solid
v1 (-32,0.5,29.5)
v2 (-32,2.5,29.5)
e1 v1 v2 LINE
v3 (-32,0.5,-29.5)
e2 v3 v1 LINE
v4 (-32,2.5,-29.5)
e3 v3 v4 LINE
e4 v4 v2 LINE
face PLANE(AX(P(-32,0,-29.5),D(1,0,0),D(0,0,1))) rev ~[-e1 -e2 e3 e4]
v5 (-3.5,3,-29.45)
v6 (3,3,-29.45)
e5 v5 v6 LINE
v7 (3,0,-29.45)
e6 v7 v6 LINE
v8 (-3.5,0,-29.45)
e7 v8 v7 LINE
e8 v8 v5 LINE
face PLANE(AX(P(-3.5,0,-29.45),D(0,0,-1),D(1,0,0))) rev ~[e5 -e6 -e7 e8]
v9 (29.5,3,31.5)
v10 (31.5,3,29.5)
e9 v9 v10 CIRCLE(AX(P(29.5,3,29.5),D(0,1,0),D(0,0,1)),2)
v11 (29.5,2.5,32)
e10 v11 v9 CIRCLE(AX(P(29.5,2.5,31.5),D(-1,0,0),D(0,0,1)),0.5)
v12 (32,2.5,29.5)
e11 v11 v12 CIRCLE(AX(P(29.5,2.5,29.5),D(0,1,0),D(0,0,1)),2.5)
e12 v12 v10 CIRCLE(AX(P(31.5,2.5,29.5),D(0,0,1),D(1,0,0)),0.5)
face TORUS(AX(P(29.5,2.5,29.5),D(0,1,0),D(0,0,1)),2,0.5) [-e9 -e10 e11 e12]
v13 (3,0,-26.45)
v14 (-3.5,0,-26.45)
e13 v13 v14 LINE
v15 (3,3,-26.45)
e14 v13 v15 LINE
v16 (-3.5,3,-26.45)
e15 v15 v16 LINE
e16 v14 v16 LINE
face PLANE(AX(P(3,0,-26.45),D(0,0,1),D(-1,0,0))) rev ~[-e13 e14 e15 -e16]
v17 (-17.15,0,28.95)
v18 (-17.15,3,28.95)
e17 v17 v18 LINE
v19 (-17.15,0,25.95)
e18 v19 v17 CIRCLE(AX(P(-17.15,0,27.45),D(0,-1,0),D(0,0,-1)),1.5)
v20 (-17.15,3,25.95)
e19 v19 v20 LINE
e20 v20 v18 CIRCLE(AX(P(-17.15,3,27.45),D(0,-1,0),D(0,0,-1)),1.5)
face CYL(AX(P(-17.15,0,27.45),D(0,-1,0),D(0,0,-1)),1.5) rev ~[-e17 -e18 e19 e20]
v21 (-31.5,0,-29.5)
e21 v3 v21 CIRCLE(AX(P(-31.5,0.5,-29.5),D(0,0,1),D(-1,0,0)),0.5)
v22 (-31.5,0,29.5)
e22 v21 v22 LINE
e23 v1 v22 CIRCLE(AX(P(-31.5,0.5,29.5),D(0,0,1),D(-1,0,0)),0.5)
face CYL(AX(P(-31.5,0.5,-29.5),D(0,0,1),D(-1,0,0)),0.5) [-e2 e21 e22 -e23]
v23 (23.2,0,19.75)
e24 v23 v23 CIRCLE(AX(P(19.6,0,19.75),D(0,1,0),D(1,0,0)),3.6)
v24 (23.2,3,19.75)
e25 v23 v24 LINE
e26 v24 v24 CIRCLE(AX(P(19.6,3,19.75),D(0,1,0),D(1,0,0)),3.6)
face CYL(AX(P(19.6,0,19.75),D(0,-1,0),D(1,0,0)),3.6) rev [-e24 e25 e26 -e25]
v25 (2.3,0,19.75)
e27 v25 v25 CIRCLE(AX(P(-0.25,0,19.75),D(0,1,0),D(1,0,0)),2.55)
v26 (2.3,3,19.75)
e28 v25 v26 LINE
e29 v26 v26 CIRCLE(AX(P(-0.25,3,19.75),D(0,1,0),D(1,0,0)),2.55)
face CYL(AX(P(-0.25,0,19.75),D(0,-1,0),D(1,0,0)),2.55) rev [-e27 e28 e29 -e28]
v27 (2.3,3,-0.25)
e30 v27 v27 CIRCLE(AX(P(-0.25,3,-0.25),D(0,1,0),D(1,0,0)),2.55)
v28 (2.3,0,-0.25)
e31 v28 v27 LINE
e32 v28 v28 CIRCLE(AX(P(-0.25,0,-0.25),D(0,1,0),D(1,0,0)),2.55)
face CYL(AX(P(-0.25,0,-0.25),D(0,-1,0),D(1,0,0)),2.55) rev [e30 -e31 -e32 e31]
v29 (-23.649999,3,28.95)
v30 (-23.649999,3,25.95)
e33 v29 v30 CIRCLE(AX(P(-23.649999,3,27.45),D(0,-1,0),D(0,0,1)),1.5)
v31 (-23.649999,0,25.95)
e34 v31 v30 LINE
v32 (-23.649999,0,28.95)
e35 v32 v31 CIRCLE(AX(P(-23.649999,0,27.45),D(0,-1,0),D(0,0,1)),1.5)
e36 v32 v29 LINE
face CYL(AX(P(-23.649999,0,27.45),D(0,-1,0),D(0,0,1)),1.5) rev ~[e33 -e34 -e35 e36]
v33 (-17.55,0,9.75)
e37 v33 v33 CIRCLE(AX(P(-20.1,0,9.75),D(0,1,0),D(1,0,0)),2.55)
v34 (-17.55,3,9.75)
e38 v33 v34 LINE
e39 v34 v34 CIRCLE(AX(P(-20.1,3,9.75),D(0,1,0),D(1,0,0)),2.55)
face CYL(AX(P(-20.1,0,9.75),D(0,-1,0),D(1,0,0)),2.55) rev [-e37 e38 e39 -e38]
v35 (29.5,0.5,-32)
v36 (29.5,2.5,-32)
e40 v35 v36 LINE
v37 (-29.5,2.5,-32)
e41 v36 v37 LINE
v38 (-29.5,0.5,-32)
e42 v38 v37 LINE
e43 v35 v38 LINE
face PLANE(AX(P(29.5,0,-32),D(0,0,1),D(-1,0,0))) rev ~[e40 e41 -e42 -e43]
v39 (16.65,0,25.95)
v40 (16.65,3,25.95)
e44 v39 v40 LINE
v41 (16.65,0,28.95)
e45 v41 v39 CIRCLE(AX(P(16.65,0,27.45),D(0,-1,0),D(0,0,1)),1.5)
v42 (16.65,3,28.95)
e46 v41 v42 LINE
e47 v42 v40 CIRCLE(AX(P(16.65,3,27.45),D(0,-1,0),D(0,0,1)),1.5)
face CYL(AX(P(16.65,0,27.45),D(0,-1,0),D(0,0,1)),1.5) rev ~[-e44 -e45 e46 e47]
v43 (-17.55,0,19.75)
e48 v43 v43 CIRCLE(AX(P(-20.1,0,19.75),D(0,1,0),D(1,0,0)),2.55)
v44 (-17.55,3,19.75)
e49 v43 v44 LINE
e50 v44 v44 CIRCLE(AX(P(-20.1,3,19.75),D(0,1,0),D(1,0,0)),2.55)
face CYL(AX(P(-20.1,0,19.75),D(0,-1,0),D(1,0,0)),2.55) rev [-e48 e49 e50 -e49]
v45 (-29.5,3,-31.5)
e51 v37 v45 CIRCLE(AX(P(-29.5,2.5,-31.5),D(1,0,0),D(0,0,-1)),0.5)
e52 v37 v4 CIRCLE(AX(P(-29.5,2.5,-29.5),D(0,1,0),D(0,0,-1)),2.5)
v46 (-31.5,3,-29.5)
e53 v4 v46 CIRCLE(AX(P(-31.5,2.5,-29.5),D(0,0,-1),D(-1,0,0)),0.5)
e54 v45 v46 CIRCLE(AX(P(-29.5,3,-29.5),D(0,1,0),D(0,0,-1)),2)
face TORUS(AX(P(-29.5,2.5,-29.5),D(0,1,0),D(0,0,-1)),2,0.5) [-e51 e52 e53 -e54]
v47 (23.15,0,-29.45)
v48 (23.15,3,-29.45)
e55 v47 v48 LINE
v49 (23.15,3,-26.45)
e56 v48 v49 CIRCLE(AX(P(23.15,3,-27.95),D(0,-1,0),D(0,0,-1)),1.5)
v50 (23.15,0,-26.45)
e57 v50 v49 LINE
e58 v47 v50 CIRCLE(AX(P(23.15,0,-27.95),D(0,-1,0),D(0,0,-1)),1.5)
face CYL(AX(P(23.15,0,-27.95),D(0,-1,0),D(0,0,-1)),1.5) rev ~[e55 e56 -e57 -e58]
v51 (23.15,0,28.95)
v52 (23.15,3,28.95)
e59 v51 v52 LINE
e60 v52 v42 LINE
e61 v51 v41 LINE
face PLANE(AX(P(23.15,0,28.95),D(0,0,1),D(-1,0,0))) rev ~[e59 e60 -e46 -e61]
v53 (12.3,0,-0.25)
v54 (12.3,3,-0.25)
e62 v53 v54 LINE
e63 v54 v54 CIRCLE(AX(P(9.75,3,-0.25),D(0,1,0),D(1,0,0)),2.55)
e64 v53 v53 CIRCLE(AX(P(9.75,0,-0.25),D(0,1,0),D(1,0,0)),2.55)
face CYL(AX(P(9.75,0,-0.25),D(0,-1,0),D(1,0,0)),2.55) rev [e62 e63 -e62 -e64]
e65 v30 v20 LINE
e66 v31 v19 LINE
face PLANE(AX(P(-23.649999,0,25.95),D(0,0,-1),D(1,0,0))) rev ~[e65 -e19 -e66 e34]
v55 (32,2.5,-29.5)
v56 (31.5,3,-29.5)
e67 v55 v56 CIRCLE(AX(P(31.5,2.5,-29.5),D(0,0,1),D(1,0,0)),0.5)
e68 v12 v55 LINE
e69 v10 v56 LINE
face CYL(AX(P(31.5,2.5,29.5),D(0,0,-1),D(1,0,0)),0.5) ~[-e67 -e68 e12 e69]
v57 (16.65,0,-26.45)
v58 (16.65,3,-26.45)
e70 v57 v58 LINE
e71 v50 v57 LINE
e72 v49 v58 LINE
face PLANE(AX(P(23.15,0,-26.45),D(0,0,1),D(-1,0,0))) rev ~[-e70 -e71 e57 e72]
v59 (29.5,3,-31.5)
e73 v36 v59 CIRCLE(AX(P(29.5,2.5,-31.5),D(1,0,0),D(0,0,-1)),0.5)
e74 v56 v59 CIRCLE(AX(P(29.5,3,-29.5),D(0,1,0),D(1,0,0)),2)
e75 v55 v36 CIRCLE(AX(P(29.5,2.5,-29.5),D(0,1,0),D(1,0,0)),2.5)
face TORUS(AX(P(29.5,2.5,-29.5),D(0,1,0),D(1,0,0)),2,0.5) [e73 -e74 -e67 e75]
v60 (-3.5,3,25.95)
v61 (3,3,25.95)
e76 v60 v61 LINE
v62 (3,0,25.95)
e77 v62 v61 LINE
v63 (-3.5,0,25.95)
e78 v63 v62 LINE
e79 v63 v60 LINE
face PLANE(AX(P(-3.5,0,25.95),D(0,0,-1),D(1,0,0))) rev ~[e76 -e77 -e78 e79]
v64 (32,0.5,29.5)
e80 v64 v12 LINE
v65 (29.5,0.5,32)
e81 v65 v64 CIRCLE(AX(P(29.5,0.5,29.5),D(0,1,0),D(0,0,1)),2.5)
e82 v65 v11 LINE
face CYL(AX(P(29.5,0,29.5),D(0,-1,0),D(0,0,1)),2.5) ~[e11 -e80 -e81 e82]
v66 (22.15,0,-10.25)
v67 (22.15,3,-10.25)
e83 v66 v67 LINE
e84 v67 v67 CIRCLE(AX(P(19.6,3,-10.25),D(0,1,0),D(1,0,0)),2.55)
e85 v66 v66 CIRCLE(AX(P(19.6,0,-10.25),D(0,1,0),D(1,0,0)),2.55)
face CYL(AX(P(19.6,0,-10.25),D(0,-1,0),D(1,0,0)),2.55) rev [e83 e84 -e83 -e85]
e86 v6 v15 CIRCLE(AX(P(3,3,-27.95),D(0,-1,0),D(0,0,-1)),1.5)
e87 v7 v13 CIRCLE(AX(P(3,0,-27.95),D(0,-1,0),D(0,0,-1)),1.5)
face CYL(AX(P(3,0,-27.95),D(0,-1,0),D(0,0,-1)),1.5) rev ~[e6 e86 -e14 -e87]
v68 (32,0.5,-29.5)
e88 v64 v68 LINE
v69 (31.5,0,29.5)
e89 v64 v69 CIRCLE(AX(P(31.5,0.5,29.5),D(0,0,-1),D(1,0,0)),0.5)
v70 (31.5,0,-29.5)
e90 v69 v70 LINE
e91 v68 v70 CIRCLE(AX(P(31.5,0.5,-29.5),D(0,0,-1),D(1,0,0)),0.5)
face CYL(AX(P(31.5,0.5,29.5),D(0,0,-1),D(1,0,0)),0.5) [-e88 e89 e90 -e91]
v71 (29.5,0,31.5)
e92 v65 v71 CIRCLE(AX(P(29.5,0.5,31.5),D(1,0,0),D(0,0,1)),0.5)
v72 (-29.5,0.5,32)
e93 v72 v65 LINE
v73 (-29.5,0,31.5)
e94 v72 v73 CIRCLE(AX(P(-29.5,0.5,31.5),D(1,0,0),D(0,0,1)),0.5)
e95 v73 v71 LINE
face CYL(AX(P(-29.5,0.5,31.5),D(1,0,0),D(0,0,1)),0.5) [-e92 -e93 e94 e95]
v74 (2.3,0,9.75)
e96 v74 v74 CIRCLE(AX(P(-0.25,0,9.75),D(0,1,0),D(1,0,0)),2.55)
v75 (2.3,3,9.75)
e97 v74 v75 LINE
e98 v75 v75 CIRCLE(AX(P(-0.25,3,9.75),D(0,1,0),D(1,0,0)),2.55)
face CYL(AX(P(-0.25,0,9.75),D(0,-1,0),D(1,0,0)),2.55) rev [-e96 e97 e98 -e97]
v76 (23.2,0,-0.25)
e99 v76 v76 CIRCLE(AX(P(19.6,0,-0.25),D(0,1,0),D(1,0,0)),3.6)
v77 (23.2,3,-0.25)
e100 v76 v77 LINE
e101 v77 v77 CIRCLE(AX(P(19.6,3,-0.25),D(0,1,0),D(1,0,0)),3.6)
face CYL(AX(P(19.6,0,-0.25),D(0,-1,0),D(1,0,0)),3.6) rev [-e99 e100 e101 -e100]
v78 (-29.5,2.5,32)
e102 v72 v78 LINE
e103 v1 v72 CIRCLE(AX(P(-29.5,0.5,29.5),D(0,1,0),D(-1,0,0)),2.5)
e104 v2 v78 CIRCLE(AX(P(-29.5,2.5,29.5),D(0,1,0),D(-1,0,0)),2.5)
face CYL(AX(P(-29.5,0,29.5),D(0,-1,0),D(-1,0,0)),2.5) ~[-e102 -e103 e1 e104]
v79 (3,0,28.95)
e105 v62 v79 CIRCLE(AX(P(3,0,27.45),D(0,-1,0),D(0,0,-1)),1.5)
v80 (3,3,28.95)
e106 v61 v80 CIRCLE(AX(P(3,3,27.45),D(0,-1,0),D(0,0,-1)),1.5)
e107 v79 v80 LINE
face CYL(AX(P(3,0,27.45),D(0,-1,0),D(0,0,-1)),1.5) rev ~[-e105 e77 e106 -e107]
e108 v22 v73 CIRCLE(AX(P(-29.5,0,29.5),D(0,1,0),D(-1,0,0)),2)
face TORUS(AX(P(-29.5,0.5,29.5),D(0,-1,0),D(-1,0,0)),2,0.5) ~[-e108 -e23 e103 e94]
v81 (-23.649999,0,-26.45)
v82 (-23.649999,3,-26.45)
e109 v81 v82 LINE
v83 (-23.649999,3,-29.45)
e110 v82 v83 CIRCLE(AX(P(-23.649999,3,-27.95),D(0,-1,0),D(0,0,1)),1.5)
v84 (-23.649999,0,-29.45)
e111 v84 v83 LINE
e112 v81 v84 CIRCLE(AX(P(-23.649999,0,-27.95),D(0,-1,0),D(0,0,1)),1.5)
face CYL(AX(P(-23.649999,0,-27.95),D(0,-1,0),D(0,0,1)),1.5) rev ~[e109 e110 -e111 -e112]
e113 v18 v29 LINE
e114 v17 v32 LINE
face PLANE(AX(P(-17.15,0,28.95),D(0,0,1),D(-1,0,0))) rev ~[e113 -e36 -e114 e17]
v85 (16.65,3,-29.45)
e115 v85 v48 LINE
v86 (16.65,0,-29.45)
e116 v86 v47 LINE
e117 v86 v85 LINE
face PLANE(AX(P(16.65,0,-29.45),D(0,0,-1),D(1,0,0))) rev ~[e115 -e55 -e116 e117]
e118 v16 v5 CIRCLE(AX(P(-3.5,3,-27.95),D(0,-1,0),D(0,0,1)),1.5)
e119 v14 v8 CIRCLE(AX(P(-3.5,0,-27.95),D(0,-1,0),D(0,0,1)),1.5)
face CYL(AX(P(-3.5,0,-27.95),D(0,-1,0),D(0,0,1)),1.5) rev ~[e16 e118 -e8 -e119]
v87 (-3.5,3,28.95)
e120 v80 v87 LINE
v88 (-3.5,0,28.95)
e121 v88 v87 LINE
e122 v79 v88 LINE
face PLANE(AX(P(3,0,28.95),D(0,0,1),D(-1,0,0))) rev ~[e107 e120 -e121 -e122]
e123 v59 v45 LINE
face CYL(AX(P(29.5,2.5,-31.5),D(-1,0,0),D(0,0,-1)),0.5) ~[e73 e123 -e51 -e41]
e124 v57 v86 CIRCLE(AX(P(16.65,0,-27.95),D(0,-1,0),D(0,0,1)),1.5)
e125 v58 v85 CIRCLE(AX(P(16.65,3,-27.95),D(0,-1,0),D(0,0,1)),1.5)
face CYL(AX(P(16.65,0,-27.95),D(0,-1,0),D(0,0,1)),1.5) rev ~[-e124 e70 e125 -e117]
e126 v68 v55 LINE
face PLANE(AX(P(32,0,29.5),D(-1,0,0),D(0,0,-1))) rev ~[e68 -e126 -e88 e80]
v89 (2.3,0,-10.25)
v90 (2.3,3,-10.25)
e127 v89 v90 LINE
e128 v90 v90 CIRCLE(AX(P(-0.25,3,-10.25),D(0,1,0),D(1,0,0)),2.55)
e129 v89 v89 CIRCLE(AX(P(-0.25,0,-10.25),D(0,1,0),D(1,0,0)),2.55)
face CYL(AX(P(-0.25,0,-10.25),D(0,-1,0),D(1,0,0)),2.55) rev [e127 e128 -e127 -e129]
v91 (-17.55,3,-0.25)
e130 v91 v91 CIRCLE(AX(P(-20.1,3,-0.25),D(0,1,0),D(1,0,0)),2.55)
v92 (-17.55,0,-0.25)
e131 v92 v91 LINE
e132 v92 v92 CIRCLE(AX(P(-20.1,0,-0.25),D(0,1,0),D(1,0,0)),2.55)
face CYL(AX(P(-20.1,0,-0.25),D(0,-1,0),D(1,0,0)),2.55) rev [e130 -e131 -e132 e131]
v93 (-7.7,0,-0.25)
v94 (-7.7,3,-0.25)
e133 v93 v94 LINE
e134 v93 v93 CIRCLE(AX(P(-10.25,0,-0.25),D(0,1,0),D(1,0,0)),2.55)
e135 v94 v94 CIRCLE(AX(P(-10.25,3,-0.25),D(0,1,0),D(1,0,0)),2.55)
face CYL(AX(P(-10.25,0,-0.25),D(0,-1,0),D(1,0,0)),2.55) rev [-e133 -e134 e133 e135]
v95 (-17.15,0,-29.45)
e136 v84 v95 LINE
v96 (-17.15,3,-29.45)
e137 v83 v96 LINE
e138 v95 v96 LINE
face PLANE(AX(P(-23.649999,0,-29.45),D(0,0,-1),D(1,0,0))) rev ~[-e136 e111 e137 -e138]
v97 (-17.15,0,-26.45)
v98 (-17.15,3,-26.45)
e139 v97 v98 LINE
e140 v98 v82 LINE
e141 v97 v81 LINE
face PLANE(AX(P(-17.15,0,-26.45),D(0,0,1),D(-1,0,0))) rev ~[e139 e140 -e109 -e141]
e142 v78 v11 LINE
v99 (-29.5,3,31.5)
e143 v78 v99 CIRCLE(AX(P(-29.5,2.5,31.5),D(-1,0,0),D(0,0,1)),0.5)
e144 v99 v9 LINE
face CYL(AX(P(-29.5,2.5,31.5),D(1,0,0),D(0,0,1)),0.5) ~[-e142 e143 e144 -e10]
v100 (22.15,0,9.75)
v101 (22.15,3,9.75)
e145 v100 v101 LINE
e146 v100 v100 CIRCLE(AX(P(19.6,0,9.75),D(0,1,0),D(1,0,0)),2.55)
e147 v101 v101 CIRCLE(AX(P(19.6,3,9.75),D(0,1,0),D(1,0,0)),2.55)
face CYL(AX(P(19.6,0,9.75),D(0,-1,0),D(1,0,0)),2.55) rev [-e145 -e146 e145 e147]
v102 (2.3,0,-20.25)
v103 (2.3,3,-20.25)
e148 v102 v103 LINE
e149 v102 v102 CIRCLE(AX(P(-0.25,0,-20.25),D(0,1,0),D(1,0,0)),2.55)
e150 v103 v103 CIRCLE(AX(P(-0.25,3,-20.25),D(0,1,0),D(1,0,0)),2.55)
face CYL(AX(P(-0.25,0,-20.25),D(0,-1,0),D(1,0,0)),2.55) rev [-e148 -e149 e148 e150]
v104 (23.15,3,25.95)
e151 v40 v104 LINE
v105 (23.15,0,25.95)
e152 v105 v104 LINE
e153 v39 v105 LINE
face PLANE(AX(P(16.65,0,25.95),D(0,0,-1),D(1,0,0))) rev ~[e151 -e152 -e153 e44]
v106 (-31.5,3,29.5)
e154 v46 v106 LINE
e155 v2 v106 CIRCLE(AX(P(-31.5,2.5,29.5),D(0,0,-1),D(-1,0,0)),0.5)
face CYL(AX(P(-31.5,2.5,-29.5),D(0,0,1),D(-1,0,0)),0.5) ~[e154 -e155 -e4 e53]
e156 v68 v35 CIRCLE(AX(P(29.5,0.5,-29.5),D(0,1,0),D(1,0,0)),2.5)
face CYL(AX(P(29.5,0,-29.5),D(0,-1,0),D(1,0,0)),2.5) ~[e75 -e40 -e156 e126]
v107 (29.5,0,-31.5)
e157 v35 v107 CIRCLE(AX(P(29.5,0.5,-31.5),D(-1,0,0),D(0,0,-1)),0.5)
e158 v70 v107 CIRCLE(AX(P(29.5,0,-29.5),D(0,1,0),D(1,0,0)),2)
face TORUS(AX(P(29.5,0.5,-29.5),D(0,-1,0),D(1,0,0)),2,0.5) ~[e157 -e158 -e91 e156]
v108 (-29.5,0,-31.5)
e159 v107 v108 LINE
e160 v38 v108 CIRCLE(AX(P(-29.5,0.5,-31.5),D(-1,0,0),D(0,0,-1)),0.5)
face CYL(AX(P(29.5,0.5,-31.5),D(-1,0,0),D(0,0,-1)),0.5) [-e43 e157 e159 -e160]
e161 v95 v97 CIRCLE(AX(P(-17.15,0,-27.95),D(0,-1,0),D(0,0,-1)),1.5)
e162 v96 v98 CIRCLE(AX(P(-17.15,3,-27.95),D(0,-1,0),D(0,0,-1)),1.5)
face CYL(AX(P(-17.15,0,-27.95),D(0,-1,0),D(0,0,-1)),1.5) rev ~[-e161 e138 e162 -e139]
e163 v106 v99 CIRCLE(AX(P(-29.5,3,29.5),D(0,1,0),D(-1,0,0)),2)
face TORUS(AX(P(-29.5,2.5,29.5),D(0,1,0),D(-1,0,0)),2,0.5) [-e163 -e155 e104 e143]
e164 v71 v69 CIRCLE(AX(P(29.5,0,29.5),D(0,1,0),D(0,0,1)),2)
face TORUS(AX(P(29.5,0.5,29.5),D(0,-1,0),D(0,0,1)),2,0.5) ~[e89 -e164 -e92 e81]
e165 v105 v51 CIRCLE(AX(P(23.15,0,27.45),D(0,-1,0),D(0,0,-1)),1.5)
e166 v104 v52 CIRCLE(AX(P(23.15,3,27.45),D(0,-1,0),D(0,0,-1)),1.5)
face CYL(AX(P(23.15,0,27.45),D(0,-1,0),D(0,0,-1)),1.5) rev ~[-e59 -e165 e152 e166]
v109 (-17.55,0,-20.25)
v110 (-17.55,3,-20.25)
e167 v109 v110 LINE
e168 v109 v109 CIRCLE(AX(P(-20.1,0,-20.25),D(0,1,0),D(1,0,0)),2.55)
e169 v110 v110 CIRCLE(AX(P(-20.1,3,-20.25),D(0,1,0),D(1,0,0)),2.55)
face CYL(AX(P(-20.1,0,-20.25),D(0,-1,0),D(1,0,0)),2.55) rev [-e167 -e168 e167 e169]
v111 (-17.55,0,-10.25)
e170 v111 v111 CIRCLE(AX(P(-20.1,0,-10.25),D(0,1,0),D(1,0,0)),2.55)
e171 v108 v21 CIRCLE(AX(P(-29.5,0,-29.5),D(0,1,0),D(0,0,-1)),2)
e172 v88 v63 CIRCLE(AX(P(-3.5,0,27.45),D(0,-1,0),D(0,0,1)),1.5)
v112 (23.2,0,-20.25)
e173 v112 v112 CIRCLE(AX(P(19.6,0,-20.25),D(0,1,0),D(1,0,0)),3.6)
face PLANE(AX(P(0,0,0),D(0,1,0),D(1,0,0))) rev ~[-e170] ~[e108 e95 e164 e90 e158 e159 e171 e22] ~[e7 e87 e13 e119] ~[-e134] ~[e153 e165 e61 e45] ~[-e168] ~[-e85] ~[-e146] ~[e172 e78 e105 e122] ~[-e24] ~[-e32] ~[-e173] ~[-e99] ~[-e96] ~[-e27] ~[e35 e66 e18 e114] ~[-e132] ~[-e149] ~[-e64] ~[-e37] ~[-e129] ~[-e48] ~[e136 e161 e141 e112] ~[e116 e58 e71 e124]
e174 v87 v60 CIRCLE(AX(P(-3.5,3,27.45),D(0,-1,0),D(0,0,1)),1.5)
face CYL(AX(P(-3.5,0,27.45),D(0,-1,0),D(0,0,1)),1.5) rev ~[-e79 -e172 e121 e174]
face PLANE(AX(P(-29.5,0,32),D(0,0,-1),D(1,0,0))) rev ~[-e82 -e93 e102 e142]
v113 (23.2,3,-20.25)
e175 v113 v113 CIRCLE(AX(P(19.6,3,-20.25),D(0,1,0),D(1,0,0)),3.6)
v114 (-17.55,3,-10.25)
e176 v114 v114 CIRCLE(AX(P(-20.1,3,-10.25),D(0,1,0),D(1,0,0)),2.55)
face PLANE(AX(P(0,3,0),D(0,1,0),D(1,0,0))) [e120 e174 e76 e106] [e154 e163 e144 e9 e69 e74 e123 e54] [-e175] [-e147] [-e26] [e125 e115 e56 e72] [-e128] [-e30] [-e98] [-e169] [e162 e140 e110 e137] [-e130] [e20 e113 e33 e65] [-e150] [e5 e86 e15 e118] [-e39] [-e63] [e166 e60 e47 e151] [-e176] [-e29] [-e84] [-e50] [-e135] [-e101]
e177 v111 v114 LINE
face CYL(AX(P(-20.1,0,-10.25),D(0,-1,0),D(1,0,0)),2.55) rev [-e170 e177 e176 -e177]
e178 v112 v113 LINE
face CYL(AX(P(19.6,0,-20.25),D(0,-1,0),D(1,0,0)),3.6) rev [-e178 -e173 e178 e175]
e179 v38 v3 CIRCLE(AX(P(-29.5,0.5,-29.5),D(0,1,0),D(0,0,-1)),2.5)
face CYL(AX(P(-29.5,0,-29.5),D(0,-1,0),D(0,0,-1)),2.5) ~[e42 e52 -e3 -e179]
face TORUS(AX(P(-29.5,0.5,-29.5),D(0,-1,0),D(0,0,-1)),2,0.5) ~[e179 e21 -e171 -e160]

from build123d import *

# Parameters (mm, degrees)
SKETCH1_R           = 2.55
SKETCH1_R_2         = 3.6
BOSS_EXTRUDE1_DEPTH = 3
FILLET1_R           = 0.5


with BuildPart() as part:
    # Sketch1 → Boss-Extrude1 (new body)
    with BuildSketch(Plane(origin=(0, 0, 0), x_dir=(1, 0, 0), z_dir=(0, 1, 0))):
        with BuildLine():
            Line((29.5, 32), (-29.5, 32))
            ThreePointArc((-29.5, 32), (-31.267766953, 31.267766953), (-32, 29.5))
            Line((-32, 29.5), (-32, -29.5))
            ThreePointArc((-32, -29.5), (-31.267766953, -31.267766953), (-29.5, -32))
            Line((-29.5, -32), (29.5, -32))
            ThreePointArc((29.5, -32), (31.267766953, -31.267766953), (32, -29.5))
            Line((32, -29.5), (32, 29.5))
            ThreePointArc((32, 29.5), (31.267766953, 31.267766953), (29.5, 32))
        make_face()
        with Locations((-10.25, 0.25)):
            Circle(SKETCH1_R, mode=Mode.SUBTRACT)
        with Locations((19.6, 0.25)):
            Circle(SKETCH1_R_2, mode=Mode.SUBTRACT)
        with Locations((19.6, 10.25)):
            Circle(SKETCH1_R, mode=Mode.SUBTRACT)
        with Locations((-0.25, 10.25)):
            Circle(SKETCH1_R, mode=Mode.SUBTRACT)
        with Locations((19.6, -19.75)):
            Circle(SKETCH1_R_2, mode=Mode.SUBTRACT)
        with Locations((-0.25, -9.75)):
            Circle(SKETCH1_R, mode=Mode.SUBTRACT)
        with Locations((19.6, -9.75)):
            Circle(SKETCH1_R, mode=Mode.SUBTRACT)
        with Locations((9.75, 0.25)):
            Circle(SKETCH1_R, mode=Mode.SUBTRACT)
        with Locations((-0.25, 0.25)):
            Circle(SKETCH1_R, mode=Mode.SUBTRACT)
        with Locations((-20.1, -19.75)):
            Circle(SKETCH1_R, mode=Mode.SUBTRACT)
        with Locations((-20.1, -9.75)):
            Circle(SKETCH1_R, mode=Mode.SUBTRACT)
        with Locations((-20.1, 0.25)):
            Circle(SKETCH1_R, mode=Mode.SUBTRACT)
        with Locations((-20.1, 10.25)):
            Circle(SKETCH1_R, mode=Mode.SUBTRACT)
        with Locations((19.6, 20.25)):
            Circle(SKETCH1_R_2, mode=Mode.SUBTRACT)
        with Locations((-20.1, 20.25)):
            Circle(SKETCH1_R, mode=Mode.SUBTRACT)
        with Locations((-0.25, -19.75)):
            Circle(SKETCH1_R, mode=Mode.SUBTRACT)
        with Locations((-0.25, 20.25)):
            Circle(SKETCH1_R, mode=Mode.SUBTRACT)
        with BuildLine():
            Line((3, 26.45), (-3.500000052, 26.45))
            ThreePointArc((-3.500000052, 26.45), (-5.000000052, 27.95), (-3.500000052, 29.45))
            Line((-3.500000052, 29.45), (3, 29.45))
            ThreePointArc((3, 29.45), (4.5, 27.95), (3, 26.45))
        make_face(mode=Mode.SUBTRACT)
        with BuildLine():
            Line((-23.649999471, 29.45), (-17.15, 29.45))
            ThreePointArc((-17.15, 29.45), (-15.65, 27.95), (-17.15, 26.45))
            Line((-17.15, 26.45), (-23.649999471, 26.45))
            ThreePointArc((-23.649999471, 26.45), (-25.149999471, 27.95), (-23.649999471, 29.45))
        make_face(mode=Mode.SUBTRACT)
        with BuildLine():
            Line((16.649999628, 29.45), (23.15, 29.45))
            ThreePointArc((23.15, 29.45), (24.65, 27.95), (23.15, 26.45))
            Line((23.15, 26.45), (16.649999628, 26.45))
            ThreePointArc((16.649999628, 26.45), (15.149999628, 27.95), (16.649999628, 29.45))
        make_face(mode=Mode.SUBTRACT)
        with BuildLine():
            Line((-17.15, -28.95), (-23.649999471, -28.95))
            ThreePointArc((-23.649999471, -28.95), (-25.149999471, -27.45), (-23.649999471, -25.95))
            Line((-23.649999471, -25.95), (-17.15, -25.95))
            ThreePointArc((-17.15, -25.95), (-15.65, -27.45), (-17.15, -28.95))
        make_face(mode=Mode.SUBTRACT)
        with BuildLine():
            Line((-3.500000052, -25.95), (3, -25.95))
            ThreePointArc((3, -25.95), (4.5, -27.45), (3, -28.95))
            Line((3, -28.95), (-3.500000052, -28.95))
            ThreePointArc((-3.500000052, -28.95), (-5.000000052, -27.45), (-3.500000052, -25.95))
        make_face(mode=Mode.SUBTRACT)
        with BuildLine():
            Line((23.15, -28.95), (16.649999628, -28.95))
            ThreePointArc((16.649999628, -28.95), (15.149999628, -27.45), (16.649999628, -25.95))
            Line((16.649999628, -25.95), (23.15, -25.95))
            ThreePointArc((23.15, -25.95), (24.65, -27.45), (23.15, -28.95))
        make_face(mode=Mode.SUBTRACT)
    extrude(amount=BOSS_EXTRUDE1_DEPTH)

    # Fillet1
    fillet1_edges = [part.edges().sort_by_distance(p)[0] for p in [
        (-32, 0, 0),
        (-31.267766953, 0, -31.267766953),
        (0, 0, -32),
        (31.267766953, 0, -31.267766953),
        (-31.267766953, 3, -31.267766953),
        (-32, 3, 0),
        (-31.267766953, 3, 31.267766953),
        (0, 3, 32),
        (31.267766953, 3, 31.267766953),
        (32, 3, 0),
        (31.267766953, 3, -31.267766953),
        (32, 0, 0),
        (0, 3, -32),
        (31.267766953, 0, 31.267766953),
        (0, 0, 32),
        (-31.267766953, 0, 31.267766953),
    ]]
    fillet(fillet1_edges, radius=FILLET1_R)


solid = part.part
